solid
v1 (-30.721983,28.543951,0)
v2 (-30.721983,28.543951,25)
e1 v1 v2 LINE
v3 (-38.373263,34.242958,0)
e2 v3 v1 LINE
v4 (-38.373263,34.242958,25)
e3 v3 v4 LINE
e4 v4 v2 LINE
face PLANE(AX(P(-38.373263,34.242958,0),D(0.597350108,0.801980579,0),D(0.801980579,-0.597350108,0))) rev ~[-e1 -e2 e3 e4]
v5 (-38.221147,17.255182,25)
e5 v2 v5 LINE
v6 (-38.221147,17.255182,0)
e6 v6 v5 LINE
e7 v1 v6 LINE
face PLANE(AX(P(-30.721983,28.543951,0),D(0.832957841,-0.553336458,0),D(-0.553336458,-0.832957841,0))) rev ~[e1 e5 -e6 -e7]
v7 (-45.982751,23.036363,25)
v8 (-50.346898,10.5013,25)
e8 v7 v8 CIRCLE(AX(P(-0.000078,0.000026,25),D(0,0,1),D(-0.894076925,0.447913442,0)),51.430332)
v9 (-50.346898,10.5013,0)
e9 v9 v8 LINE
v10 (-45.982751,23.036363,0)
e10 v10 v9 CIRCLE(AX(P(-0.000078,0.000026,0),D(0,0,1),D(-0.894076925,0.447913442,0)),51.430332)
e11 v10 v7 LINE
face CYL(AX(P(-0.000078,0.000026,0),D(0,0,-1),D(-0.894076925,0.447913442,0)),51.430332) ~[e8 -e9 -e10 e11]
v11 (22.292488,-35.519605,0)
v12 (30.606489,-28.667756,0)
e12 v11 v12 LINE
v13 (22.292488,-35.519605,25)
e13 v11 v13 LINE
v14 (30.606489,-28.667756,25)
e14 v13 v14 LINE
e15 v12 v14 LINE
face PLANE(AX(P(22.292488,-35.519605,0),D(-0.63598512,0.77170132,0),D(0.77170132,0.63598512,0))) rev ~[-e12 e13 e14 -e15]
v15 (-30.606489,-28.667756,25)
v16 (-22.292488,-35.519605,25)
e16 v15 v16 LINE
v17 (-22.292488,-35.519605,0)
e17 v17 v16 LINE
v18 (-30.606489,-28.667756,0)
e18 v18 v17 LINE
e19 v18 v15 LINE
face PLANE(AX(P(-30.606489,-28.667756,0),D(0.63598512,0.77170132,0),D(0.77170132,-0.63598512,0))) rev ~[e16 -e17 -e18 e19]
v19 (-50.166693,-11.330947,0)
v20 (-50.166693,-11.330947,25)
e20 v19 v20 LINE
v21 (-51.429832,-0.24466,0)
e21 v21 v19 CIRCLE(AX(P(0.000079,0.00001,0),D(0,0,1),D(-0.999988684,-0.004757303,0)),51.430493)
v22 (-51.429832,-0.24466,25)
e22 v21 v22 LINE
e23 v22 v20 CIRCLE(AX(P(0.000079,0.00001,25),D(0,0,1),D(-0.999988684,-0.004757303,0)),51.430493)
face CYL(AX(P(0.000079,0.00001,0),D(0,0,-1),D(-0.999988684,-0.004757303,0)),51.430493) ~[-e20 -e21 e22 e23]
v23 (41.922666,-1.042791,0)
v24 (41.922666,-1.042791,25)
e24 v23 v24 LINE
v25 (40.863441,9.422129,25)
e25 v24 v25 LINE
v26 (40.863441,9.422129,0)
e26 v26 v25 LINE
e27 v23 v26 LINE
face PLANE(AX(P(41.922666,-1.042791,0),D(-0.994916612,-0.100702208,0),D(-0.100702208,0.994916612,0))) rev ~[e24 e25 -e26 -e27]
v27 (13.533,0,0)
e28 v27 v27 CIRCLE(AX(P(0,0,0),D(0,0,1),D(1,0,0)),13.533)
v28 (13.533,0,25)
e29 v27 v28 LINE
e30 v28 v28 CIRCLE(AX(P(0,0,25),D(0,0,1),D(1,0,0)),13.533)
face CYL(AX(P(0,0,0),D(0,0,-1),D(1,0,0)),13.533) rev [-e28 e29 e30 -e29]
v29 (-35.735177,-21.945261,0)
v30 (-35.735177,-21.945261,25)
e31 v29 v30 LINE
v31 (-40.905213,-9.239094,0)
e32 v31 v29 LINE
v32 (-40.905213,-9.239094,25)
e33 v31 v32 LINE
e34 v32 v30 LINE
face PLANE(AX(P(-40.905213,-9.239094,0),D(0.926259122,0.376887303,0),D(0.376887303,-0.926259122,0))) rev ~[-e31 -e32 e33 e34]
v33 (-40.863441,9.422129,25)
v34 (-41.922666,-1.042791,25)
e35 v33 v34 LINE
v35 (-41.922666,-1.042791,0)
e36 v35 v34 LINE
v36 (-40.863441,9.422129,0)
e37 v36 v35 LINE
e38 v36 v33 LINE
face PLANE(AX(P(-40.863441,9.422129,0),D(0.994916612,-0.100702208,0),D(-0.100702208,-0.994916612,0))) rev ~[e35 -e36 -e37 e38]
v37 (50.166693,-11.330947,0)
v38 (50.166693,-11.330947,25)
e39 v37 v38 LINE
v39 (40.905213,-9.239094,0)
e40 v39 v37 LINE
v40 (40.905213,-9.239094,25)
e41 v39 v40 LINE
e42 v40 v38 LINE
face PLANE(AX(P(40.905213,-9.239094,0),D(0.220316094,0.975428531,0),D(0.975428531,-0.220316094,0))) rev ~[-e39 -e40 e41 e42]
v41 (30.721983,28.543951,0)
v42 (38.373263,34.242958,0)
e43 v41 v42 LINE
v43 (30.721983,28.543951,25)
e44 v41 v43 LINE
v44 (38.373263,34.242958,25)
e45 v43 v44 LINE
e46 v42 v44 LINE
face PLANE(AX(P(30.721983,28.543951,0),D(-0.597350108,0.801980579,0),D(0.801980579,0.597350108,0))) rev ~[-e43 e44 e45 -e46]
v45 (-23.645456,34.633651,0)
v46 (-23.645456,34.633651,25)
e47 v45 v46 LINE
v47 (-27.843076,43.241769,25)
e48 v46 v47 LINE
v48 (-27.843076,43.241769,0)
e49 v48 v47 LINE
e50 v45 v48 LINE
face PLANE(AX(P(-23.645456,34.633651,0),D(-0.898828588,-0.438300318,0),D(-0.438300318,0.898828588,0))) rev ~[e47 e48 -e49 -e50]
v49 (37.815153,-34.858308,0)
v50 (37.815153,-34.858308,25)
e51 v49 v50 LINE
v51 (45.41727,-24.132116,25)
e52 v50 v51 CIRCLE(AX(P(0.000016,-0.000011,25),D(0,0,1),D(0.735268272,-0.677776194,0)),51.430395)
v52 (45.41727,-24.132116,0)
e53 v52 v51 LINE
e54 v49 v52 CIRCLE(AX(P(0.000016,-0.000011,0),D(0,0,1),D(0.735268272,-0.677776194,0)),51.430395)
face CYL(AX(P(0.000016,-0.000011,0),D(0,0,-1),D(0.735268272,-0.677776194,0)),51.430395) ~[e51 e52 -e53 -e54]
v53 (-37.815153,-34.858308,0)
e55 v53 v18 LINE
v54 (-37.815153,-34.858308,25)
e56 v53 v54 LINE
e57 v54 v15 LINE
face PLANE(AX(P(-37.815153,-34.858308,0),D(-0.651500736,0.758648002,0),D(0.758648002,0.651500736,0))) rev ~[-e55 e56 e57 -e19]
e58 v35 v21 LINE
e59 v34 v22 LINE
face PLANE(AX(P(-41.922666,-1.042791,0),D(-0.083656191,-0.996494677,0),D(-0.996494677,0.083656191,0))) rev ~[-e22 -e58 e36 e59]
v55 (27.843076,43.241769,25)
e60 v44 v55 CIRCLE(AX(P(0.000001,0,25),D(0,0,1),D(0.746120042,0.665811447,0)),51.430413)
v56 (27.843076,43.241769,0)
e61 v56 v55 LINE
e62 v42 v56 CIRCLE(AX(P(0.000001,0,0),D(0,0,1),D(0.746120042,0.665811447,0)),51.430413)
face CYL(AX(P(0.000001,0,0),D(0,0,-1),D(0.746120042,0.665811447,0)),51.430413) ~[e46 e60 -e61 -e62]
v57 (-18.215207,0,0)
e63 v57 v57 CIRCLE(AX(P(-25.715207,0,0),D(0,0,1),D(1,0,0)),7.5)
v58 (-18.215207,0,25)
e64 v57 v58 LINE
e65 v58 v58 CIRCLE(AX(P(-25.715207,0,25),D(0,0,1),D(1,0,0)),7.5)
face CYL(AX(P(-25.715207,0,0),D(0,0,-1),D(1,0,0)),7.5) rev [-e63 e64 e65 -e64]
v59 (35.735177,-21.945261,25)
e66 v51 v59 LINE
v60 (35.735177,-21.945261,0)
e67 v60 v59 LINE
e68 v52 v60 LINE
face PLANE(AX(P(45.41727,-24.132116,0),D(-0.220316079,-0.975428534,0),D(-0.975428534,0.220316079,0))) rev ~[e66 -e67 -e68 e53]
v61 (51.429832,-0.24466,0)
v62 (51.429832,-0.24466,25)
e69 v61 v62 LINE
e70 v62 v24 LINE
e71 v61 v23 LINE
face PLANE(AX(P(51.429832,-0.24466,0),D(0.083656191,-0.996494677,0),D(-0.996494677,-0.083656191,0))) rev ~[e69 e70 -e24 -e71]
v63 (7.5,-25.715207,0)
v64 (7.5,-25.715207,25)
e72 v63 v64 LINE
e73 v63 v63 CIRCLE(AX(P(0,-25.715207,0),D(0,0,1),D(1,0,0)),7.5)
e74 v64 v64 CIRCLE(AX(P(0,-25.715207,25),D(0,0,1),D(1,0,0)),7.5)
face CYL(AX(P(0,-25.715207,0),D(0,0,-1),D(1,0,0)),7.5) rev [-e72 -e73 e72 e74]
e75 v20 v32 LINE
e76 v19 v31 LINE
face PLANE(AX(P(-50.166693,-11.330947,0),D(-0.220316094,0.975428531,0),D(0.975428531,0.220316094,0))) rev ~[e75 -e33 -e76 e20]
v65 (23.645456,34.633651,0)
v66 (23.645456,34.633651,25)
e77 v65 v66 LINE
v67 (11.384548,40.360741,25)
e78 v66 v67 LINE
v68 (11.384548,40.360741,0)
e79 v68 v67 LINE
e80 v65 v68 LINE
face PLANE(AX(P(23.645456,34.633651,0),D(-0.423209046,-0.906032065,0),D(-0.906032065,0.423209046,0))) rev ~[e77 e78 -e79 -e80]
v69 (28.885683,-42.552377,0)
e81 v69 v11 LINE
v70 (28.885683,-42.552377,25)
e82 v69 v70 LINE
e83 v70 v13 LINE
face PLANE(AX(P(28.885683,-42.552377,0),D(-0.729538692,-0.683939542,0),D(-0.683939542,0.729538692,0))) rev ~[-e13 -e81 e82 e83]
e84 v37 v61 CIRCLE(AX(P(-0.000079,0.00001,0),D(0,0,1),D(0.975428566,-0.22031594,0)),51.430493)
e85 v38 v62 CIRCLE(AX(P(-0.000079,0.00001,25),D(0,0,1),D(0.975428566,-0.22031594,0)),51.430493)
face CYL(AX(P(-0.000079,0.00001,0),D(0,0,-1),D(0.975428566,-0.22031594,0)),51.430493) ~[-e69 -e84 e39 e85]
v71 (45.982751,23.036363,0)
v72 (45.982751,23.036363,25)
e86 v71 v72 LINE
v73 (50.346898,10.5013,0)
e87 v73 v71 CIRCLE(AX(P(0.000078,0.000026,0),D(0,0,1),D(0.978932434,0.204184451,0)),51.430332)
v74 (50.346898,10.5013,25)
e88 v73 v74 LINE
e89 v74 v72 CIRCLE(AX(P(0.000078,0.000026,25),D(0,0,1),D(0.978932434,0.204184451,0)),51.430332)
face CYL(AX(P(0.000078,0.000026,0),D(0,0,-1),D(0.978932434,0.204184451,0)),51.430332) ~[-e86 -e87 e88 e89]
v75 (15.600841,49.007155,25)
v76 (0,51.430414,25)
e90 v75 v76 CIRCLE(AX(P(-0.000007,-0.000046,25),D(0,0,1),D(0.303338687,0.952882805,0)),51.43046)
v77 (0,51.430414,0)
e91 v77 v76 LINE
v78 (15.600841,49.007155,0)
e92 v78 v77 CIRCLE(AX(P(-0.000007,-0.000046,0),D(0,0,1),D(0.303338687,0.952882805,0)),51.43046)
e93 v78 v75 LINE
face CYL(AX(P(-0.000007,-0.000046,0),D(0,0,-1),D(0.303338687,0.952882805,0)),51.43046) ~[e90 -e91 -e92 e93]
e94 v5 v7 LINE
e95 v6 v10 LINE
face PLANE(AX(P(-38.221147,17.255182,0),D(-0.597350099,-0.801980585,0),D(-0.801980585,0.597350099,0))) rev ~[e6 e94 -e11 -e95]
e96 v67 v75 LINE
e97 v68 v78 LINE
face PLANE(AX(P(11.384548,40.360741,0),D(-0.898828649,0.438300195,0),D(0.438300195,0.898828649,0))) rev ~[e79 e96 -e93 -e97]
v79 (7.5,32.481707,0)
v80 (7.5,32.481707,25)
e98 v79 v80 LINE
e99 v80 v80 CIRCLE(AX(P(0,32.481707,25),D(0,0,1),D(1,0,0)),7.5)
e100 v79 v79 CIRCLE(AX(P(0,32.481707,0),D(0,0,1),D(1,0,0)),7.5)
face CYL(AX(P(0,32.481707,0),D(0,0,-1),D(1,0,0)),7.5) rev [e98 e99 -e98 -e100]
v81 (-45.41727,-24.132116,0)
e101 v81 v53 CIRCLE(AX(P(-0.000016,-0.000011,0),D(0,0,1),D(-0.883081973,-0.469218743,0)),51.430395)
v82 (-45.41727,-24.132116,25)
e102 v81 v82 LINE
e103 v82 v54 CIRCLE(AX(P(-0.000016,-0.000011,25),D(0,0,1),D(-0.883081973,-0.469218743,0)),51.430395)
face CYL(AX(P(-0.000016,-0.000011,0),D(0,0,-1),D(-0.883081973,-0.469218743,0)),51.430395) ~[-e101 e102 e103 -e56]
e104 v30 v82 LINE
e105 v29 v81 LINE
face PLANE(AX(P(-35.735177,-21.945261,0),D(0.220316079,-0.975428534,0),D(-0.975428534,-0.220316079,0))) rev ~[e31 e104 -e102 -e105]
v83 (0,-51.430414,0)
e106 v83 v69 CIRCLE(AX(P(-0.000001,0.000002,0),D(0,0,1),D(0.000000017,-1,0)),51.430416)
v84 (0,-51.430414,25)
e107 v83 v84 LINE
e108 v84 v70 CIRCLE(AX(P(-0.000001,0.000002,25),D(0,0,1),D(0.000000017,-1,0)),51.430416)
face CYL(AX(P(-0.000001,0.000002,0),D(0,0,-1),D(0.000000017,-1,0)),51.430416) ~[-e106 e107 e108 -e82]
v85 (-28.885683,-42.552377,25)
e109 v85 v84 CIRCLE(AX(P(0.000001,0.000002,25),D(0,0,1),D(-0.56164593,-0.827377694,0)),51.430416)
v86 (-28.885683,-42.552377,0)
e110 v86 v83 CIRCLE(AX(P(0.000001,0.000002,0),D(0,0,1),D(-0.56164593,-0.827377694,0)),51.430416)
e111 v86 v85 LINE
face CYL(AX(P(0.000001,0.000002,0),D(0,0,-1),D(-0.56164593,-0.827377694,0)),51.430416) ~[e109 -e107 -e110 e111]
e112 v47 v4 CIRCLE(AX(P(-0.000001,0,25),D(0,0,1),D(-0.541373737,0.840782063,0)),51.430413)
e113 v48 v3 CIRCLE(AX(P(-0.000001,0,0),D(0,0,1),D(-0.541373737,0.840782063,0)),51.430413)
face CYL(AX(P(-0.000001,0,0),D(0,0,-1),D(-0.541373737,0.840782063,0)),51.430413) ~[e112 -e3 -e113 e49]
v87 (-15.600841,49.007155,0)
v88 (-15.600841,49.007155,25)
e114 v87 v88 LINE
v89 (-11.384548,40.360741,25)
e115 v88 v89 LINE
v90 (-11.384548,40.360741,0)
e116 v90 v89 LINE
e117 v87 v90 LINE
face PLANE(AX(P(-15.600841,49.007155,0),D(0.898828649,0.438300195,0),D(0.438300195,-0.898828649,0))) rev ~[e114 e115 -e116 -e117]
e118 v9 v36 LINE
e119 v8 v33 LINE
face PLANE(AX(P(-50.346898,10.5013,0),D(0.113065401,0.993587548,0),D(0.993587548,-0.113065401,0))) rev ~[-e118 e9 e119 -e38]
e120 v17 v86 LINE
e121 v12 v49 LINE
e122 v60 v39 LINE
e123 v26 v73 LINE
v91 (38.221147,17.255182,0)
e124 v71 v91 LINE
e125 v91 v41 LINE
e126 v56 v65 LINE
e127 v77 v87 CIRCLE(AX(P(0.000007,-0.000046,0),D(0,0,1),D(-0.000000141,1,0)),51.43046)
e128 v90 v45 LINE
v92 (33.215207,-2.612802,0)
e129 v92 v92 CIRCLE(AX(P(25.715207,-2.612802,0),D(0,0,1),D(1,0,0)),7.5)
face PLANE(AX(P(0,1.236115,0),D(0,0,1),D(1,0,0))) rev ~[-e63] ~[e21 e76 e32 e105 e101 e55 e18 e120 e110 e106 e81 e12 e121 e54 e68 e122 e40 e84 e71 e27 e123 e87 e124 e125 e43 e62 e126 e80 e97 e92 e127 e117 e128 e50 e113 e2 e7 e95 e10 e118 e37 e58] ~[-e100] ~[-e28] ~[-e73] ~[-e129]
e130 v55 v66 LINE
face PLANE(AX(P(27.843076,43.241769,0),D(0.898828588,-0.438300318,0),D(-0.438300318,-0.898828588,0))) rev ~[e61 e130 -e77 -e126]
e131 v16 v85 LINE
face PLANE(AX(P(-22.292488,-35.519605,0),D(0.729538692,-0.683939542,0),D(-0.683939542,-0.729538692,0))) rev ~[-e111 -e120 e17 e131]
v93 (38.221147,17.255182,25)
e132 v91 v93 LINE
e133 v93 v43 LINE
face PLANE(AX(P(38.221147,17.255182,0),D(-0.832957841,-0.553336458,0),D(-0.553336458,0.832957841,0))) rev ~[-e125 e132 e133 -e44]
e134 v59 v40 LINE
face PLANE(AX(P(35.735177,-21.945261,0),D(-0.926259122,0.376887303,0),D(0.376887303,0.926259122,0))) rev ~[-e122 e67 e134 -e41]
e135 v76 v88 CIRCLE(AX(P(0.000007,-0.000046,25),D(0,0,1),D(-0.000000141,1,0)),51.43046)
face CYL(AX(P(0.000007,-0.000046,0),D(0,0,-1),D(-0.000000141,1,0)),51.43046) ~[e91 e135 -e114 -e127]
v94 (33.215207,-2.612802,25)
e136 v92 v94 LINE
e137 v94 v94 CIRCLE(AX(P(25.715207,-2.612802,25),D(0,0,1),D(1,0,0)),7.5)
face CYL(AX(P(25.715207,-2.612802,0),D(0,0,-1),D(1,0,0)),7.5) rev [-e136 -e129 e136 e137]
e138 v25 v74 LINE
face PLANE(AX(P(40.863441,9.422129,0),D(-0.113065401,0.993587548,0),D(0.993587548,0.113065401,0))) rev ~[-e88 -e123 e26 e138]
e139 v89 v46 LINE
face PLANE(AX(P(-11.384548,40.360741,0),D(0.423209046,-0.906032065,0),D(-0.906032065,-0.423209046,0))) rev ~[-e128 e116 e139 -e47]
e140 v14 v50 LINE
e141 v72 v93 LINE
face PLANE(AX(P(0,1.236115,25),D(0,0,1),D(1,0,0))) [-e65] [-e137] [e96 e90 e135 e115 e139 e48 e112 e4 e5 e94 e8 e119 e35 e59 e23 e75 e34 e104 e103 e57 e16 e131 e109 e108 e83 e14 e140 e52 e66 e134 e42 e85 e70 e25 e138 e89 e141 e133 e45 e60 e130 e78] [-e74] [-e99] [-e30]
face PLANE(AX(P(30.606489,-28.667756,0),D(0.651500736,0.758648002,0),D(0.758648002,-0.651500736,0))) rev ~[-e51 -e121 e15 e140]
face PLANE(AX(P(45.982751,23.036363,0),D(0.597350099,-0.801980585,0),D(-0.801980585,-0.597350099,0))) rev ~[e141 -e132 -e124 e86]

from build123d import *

# Parameters (mm, degrees)
F0_R     = 7.5
F0_R_2   = 13.533
F1_DEPTH = 25
F2_DEPTH = 0.4
F3_DEPTH = 25


with BuildPart() as f1:
    # F0 (on Top) → F1 (new body)
    with BuildSketch(Plane.XY):
        with BuildLine():
            ThreePointArc((-28.885683, -42.552377), (-15.109618, -49.160827), (0, -51.430414))
            ThreePointArc((0, -51.430414), (15.109618, -49.160827), (28.885683, -42.552377))
            Line((28.885683, -42.552377), (22.292488, -35.519605))
            Line((22.292488, -35.519605), (30.606489, -28.667756))
            Line((30.606489, -28.667756), (37.815153, -34.858308))
            ThreePointArc((37.815153, -34.858308), (41.960361, -29.739125), (45.41727, -24.132116))
            Line((45.41727, -24.132116), (35.735177, -21.945261))
            Line((35.735177, -21.945261), (40.905213, -9.239094))
            Line((40.905213, -9.239094), (50.166693, -11.330947))
            ThreePointArc((50.166693, -11.330947), (51.099803, -5.82216), (51.429832, -0.24466))
            Line((51.429832, -0.24466), (41.922666, -1.042791))
            Line((41.922666, -1.042791), (40.863441, 9.422129))
            Line((40.863441, 9.422129), (50.346898, 10.5013))
            ThreePointArc((50.346898, 10.5013), (48.5709, 16.910209), (45.982751, 23.036363))
            Line((45.982751, 23.036363), (38.221147, 17.255182))
            Line((38.221147, 17.255182), (30.721983, 28.543951))
            Line((30.721983, 28.543951), (38.373263, 34.242958))
            ThreePointArc((38.373263, 34.242958), (33.412506, 39.09849), (27.843076, 43.241769))
            Line((27.843076, 43.241769), (23.645456, 34.633651))
            Line((23.645456, 34.633651), (11.384548, 40.360741))
            Line((11.384548, 40.360741), (15.600841, 49.007155))
            ThreePointArc((15.600841, 49.007155), (7.89396, 50.820988), (0, 51.430414))
            ThreePointArc((0, 51.430414), (-7.89396, 50.820988), (-15.600841, 49.007155))
            Line((-15.600841, 49.007155), (-11.384548, 40.360741))
            Line((-11.384548, 40.360741), (-23.645456, 34.633651))
            Line((-23.645456, 34.633651), (-27.843076, 43.241769))
            ThreePointArc((-27.843076, 43.241769), (-33.412506, 39.09849), (-38.373263, 34.242958))
            Line((-38.373263, 34.242958), (-30.721983, 28.543951))
            Line((-30.721983, 28.543951), (-38.221147, 17.255182))
            Line((-38.221147, 17.255182), (-45.982751, 23.036363))
            ThreePointArc((-45.982751, 23.036363), (-48.5709, 16.910209), (-50.346898, 10.5013))
            Line((-50.346898, 10.5013), (-40.863441, 9.422129))
            Line((-40.863441, 9.422129), (-41.922666, -1.042791))
            Line((-41.922666, -1.042791), (-51.429832, -0.24466))
            ThreePointArc((-51.429832, -0.24466), (-51.099803, -5.82216), (-50.166693, -11.330947))
            Line((-50.166693, -11.330947), (-40.905213, -9.239094))
            Line((-40.905213, -9.239094), (-35.735177, -21.945261))
            Line((-35.735177, -21.945261), (-45.41727, -24.132116))
            ThreePointArc((-45.41727, -24.132116), (-41.960361, -29.739125), (-37.815153, -34.858308))
            Line((-37.815153, -34.858308), (-30.606489, -28.667756))
            Line((-30.606489, -28.667756), (-22.292488, -35.519605))
            Line((-22.292488, -35.519605), (-28.885683, -42.552377))
        make_face()
        with Locations((-25.715207, 0)):
            Circle(F0_R, mode=Mode.SUBTRACT)
        with Locations((0, -25.715207)):
            Circle(F0_R, mode=Mode.SUBTRACT)
        Circle(F0_R_2, mode=Mode.SUBTRACT)
        with Locations((25.715207, -2.612802)):
            Circle(F0_R, mode=Mode.SUBTRACT)
        with Locations((0, 32.481707)):
            Circle(F0_R, mode=Mode.SUBTRACT)
    extrude(amount=F1_DEPTH)

    # F0 (on Top) → F2 (cut)
    with BuildSketch(Plane.XY):
        Circle(F0_R_2)
    extrude(amount=-F2_DEPTH, mode=Mode.SUBTRACT)

    # F0 (on Top) → F3 (cut)
    with BuildSketch(Plane.XY):
        with Locations((0, 32.481707)):
            Circle(F0_R)
        with Locations((-25.715207, 0)):
            Circle(F0_R)
        with Locations((25.715207, -2.612802)):
            Circle(F0_R)
        with Locations((0, -25.715207)):
            Circle(F0_R)
    extrude(amount=-F3_DEPTH, mode=Mode.SUBTRACT)


solid = f1.part
